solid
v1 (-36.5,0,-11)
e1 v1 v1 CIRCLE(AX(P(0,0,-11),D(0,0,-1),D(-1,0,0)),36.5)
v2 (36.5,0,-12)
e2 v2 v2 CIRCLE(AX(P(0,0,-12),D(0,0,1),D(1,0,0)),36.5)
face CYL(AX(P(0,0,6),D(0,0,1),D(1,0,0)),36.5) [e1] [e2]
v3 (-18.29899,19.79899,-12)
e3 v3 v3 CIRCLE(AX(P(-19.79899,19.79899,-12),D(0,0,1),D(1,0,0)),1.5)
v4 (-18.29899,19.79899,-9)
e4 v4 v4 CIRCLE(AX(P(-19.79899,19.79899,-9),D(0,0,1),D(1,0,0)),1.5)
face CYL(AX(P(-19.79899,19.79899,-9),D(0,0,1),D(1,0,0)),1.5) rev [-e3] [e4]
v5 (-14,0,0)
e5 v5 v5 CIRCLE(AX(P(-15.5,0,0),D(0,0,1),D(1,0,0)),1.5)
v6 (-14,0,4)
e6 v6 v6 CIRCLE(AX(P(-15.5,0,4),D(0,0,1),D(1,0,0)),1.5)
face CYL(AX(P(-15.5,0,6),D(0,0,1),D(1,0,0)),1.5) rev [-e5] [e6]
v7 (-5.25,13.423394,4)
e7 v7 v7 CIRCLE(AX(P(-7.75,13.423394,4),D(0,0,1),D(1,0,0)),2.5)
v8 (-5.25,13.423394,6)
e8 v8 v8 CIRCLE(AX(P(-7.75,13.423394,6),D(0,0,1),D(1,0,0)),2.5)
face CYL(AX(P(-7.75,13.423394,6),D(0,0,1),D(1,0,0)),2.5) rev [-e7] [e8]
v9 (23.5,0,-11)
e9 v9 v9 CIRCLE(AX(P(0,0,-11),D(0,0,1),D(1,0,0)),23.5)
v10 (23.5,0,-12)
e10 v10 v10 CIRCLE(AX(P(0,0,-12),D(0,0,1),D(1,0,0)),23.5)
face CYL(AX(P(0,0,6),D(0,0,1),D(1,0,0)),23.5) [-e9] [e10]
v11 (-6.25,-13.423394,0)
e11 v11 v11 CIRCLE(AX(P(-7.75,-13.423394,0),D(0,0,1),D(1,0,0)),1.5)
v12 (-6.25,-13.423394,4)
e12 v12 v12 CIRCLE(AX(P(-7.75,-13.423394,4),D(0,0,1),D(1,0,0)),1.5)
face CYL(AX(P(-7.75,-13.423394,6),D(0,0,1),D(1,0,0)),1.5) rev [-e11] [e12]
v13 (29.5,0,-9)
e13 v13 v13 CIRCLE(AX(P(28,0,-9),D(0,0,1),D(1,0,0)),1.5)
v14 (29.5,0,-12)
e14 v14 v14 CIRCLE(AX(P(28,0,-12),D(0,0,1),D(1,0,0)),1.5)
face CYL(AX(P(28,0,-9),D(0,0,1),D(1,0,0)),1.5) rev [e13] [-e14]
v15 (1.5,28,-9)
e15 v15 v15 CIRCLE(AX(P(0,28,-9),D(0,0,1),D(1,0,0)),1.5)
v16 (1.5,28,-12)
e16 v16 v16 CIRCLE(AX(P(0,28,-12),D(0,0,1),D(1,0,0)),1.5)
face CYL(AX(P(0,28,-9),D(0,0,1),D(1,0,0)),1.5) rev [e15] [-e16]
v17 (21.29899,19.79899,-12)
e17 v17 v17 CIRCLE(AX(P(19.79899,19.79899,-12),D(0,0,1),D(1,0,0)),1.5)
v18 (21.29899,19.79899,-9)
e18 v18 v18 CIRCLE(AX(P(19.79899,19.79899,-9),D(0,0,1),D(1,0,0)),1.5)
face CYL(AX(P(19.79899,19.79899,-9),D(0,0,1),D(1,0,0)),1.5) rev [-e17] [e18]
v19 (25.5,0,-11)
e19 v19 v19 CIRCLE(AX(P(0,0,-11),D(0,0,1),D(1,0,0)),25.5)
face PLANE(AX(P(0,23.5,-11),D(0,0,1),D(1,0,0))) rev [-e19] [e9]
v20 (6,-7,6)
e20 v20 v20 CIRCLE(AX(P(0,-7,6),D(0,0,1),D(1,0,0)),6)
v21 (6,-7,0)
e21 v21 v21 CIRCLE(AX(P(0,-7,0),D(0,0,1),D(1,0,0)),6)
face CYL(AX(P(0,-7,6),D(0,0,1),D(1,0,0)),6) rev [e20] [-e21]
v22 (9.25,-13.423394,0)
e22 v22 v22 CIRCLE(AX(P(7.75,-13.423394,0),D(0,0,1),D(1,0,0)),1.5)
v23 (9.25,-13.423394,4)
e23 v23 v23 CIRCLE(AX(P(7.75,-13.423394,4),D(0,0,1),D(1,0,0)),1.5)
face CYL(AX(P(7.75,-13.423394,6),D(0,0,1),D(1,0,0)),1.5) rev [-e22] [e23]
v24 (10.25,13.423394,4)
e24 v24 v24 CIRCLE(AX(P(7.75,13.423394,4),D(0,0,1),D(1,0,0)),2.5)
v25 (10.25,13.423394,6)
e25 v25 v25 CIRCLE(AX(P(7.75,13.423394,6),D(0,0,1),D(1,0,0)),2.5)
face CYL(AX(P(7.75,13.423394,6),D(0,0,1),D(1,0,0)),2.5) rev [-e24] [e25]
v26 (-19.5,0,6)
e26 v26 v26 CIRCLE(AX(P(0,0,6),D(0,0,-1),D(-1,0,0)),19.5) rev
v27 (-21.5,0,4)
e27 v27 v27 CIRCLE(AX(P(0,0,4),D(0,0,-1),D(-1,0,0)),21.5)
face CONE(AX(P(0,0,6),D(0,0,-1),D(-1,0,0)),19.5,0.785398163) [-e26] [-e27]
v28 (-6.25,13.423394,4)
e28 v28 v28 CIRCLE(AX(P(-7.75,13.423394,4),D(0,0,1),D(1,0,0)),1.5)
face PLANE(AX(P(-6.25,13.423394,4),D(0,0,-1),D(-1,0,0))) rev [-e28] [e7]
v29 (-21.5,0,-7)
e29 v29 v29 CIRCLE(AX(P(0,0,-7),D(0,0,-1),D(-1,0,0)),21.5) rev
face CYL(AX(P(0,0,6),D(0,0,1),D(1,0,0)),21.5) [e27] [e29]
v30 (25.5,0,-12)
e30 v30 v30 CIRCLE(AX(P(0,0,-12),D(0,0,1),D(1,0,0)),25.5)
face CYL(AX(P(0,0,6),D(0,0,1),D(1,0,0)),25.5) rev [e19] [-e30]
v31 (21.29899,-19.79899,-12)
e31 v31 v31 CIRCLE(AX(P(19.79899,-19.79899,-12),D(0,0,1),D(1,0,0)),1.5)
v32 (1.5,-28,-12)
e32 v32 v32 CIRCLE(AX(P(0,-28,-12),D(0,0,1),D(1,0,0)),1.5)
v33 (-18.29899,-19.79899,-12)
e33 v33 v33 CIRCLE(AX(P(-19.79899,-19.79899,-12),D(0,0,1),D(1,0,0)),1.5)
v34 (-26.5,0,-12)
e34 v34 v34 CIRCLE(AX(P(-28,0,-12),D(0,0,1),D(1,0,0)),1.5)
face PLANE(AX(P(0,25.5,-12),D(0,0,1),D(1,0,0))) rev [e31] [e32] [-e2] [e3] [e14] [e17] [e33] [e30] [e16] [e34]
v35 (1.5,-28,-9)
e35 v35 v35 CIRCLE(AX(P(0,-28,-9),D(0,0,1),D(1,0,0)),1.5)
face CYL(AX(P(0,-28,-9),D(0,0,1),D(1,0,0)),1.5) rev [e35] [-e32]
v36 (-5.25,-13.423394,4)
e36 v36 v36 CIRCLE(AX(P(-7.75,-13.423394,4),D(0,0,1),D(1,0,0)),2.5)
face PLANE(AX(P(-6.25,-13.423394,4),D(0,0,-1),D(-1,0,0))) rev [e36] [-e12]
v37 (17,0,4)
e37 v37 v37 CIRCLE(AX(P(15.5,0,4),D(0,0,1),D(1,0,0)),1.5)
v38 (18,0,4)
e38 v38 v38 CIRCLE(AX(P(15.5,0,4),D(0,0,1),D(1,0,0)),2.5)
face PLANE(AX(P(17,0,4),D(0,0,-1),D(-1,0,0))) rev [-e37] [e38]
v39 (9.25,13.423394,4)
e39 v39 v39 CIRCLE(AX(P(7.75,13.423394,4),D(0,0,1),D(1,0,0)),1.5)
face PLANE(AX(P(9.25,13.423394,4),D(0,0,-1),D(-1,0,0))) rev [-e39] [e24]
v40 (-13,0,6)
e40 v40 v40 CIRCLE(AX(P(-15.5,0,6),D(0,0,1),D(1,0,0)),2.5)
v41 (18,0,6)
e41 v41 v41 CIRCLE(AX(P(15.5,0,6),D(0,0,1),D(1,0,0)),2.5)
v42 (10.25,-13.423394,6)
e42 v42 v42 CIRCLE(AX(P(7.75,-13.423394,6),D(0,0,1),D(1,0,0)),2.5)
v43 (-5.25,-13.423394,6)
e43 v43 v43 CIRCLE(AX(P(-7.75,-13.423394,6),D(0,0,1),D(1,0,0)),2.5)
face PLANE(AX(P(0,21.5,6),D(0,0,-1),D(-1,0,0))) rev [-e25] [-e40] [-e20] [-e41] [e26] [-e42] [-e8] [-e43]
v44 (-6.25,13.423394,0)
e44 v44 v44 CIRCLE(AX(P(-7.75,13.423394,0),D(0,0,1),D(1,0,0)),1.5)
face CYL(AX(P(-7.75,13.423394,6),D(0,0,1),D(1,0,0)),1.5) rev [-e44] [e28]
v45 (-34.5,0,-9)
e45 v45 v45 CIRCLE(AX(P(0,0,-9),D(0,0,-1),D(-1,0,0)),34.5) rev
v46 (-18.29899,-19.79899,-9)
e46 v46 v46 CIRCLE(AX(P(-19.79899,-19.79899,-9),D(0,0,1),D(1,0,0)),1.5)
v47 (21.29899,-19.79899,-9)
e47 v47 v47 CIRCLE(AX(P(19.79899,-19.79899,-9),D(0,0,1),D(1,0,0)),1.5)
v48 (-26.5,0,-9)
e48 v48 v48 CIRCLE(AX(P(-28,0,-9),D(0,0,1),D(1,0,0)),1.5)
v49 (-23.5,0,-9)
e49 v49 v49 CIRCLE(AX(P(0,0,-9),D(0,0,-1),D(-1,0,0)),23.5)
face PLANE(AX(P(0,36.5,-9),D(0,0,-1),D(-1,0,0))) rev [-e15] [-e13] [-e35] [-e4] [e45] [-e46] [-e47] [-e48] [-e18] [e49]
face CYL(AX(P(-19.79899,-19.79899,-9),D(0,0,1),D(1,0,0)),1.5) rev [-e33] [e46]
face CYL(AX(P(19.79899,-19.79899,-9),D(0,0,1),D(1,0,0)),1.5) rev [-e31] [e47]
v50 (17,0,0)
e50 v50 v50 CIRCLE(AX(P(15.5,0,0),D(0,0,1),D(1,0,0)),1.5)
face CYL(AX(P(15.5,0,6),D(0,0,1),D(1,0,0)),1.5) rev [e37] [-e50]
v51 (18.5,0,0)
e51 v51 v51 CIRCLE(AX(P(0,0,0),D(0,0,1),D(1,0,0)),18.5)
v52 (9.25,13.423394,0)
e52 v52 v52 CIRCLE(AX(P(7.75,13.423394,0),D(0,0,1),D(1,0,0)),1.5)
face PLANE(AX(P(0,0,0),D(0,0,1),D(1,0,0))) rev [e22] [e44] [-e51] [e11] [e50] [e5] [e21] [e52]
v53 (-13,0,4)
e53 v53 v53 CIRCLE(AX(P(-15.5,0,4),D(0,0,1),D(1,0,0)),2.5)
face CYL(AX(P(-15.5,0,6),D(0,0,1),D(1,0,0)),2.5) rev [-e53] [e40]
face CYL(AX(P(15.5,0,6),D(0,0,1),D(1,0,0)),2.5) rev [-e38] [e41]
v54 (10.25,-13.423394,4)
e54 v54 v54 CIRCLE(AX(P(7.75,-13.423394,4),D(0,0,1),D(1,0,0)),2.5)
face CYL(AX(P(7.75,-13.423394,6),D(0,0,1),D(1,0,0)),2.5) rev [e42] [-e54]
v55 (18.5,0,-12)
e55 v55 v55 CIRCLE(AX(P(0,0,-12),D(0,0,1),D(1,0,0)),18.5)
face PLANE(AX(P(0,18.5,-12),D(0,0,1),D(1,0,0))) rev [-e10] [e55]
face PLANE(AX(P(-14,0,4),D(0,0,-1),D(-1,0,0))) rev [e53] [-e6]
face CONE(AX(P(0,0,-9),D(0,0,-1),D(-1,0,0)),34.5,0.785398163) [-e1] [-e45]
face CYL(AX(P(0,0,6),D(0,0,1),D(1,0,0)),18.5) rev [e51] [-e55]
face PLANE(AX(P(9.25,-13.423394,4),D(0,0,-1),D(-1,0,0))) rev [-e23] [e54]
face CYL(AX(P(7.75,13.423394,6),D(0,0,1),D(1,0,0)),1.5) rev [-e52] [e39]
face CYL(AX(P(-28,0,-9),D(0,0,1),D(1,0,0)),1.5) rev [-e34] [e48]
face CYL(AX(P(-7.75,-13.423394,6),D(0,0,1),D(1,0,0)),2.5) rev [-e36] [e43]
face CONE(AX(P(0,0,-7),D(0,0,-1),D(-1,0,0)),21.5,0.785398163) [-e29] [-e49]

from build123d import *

# Parameters (mm, degrees)
CBORE_FOR_M1_6_HEX_HEAD_CAP_SCREW1_D           = 3
CBORE_FOR_M1_6_HEX_HEAD_CAP_SCREW1_CBORE_D     = 5
CBORE_FOR_M1_6_HEX_HEAD_CAP_SCREW1_CBORE_DEPTH = 2
CIRPATTERN1_COUNT                              = 6
F_12_0MM_DOWEL_HOLE1_D                         = 12
F_12_0MM_DOWEL_HOLE1_DEPTH                     = 15
F_12_0MM_DOWEL_HOLE1_TIP                       = 3.605163714
CHAMFER1_SIZE                                  = 2
CIRPATTERN2_COUNT                              = 8


with BuildPart() as part:
    # Sketch1 → Revolve1 (revolve)
    with BuildSketch(Plane(origin=(0, 0, 0), x_dir=(0, 0, -1), z_dir=(1, 0, 0))):
        Polygon((0, 0), (0, 18.5), (12, 18.5), (12, 23.5), (11, 23.5), (11, 25.5), (12, 25.5), (12, 36.5), (9, 36.5), (9, 21.5), (-6, 21.5), (-6, 0), align=None)
    revolve(axis=Axis((0, 0, 6), (0, 0, -1)))

    # CBORE for M1.6 Hex Head Cap Screw1 (through all)
    with Locations(Plane.XY.offset(6)):
        with Locations((15.5, 0)):
            cbore_for_m1_6_hex_head_cap_screw1 = CounterBoreHole(CBORE_FOR_M1_6_HEX_HEAD_CAP_SCREW1_D / 2, CBORE_FOR_M1_6_HEX_HEAD_CAP_SCREW1_CBORE_D / 2, CBORE_FOR_M1_6_HEX_HEAD_CAP_SCREW1_CBORE_DEPTH)

    # CirPattern1: CBORE for M1.6 Hex Head Cap Screw1 ×6 about axis
    cirpattern1_axis = Axis((0, 0, 0), (0, 0, 1))
    for i in range(1, CIRPATTERN1_COUNT):
        add(cbore_for_m1_6_hex_head_cap_screw1.rotate(cirpattern1_axis, i * 360 / CIRPATTERN1_COUNT), mode=Mode.SUBTRACT)

    # Ø12.0mm Dowel Hole1
    with Locations(Plane.XY.offset(6)):
        with Locations((0, -7)):
            Hole(F_12_0MM_DOWEL_HOLE1_D / 2, depth=F_12_0MM_DOWEL_HOLE1_DEPTH)
            with Locations((0, 0, -(F_12_0MM_DOWEL_HOLE1_DEPTH + F_12_0MM_DOWEL_HOLE1_TIP / 2))):  # 118° drill point
                Cone(0, F_12_0MM_DOWEL_HOLE1_D / 2, F_12_0MM_DOWEL_HOLE1_TIP, mode=Mode.SUBTRACT)

    # Chamfer1
    chamfer1_edges = [part.edges().sort_by_distance(p)[0] for p in [
        (0, -21.5, 6),
        (0, -21.5, -9),
        (0, -36.5, -9),
    ]]
    chamfer(chamfer1_edges, length=CHAMFER1_SIZE)

    # Sketch7 → Ø3.0mm Dowel Hole3 (revolve, cut)
    with BuildSketch(Plane(origin=(0, 28, -9), x_dir=(0, -1, 0), z_dir=(1, 0, 0))):
        Polygon((0, 0), (0, 15.901290929), (1.5, 15), (1.5, 0), align=None)
    f_3_0mm_dowel_hole3 = revolve(axis=Axis((0, 28, -2.65), (0, 0, -1)), mode=Mode.SUBTRACT)

    # CirPattern2: Ø3.0mm Dowel Hole3 ×8 about axis
    cirpattern2_axis = Axis((0, 0, 0), (0, 0, 1))
    for i in range(1, CIRPATTERN2_COUNT):
        add(f_3_0mm_dowel_hole3.rotate(cirpattern2_axis, i * 360 / CIRPATTERN2_COUNT), mode=Mode.SUBTRACT)


solid = part.part
